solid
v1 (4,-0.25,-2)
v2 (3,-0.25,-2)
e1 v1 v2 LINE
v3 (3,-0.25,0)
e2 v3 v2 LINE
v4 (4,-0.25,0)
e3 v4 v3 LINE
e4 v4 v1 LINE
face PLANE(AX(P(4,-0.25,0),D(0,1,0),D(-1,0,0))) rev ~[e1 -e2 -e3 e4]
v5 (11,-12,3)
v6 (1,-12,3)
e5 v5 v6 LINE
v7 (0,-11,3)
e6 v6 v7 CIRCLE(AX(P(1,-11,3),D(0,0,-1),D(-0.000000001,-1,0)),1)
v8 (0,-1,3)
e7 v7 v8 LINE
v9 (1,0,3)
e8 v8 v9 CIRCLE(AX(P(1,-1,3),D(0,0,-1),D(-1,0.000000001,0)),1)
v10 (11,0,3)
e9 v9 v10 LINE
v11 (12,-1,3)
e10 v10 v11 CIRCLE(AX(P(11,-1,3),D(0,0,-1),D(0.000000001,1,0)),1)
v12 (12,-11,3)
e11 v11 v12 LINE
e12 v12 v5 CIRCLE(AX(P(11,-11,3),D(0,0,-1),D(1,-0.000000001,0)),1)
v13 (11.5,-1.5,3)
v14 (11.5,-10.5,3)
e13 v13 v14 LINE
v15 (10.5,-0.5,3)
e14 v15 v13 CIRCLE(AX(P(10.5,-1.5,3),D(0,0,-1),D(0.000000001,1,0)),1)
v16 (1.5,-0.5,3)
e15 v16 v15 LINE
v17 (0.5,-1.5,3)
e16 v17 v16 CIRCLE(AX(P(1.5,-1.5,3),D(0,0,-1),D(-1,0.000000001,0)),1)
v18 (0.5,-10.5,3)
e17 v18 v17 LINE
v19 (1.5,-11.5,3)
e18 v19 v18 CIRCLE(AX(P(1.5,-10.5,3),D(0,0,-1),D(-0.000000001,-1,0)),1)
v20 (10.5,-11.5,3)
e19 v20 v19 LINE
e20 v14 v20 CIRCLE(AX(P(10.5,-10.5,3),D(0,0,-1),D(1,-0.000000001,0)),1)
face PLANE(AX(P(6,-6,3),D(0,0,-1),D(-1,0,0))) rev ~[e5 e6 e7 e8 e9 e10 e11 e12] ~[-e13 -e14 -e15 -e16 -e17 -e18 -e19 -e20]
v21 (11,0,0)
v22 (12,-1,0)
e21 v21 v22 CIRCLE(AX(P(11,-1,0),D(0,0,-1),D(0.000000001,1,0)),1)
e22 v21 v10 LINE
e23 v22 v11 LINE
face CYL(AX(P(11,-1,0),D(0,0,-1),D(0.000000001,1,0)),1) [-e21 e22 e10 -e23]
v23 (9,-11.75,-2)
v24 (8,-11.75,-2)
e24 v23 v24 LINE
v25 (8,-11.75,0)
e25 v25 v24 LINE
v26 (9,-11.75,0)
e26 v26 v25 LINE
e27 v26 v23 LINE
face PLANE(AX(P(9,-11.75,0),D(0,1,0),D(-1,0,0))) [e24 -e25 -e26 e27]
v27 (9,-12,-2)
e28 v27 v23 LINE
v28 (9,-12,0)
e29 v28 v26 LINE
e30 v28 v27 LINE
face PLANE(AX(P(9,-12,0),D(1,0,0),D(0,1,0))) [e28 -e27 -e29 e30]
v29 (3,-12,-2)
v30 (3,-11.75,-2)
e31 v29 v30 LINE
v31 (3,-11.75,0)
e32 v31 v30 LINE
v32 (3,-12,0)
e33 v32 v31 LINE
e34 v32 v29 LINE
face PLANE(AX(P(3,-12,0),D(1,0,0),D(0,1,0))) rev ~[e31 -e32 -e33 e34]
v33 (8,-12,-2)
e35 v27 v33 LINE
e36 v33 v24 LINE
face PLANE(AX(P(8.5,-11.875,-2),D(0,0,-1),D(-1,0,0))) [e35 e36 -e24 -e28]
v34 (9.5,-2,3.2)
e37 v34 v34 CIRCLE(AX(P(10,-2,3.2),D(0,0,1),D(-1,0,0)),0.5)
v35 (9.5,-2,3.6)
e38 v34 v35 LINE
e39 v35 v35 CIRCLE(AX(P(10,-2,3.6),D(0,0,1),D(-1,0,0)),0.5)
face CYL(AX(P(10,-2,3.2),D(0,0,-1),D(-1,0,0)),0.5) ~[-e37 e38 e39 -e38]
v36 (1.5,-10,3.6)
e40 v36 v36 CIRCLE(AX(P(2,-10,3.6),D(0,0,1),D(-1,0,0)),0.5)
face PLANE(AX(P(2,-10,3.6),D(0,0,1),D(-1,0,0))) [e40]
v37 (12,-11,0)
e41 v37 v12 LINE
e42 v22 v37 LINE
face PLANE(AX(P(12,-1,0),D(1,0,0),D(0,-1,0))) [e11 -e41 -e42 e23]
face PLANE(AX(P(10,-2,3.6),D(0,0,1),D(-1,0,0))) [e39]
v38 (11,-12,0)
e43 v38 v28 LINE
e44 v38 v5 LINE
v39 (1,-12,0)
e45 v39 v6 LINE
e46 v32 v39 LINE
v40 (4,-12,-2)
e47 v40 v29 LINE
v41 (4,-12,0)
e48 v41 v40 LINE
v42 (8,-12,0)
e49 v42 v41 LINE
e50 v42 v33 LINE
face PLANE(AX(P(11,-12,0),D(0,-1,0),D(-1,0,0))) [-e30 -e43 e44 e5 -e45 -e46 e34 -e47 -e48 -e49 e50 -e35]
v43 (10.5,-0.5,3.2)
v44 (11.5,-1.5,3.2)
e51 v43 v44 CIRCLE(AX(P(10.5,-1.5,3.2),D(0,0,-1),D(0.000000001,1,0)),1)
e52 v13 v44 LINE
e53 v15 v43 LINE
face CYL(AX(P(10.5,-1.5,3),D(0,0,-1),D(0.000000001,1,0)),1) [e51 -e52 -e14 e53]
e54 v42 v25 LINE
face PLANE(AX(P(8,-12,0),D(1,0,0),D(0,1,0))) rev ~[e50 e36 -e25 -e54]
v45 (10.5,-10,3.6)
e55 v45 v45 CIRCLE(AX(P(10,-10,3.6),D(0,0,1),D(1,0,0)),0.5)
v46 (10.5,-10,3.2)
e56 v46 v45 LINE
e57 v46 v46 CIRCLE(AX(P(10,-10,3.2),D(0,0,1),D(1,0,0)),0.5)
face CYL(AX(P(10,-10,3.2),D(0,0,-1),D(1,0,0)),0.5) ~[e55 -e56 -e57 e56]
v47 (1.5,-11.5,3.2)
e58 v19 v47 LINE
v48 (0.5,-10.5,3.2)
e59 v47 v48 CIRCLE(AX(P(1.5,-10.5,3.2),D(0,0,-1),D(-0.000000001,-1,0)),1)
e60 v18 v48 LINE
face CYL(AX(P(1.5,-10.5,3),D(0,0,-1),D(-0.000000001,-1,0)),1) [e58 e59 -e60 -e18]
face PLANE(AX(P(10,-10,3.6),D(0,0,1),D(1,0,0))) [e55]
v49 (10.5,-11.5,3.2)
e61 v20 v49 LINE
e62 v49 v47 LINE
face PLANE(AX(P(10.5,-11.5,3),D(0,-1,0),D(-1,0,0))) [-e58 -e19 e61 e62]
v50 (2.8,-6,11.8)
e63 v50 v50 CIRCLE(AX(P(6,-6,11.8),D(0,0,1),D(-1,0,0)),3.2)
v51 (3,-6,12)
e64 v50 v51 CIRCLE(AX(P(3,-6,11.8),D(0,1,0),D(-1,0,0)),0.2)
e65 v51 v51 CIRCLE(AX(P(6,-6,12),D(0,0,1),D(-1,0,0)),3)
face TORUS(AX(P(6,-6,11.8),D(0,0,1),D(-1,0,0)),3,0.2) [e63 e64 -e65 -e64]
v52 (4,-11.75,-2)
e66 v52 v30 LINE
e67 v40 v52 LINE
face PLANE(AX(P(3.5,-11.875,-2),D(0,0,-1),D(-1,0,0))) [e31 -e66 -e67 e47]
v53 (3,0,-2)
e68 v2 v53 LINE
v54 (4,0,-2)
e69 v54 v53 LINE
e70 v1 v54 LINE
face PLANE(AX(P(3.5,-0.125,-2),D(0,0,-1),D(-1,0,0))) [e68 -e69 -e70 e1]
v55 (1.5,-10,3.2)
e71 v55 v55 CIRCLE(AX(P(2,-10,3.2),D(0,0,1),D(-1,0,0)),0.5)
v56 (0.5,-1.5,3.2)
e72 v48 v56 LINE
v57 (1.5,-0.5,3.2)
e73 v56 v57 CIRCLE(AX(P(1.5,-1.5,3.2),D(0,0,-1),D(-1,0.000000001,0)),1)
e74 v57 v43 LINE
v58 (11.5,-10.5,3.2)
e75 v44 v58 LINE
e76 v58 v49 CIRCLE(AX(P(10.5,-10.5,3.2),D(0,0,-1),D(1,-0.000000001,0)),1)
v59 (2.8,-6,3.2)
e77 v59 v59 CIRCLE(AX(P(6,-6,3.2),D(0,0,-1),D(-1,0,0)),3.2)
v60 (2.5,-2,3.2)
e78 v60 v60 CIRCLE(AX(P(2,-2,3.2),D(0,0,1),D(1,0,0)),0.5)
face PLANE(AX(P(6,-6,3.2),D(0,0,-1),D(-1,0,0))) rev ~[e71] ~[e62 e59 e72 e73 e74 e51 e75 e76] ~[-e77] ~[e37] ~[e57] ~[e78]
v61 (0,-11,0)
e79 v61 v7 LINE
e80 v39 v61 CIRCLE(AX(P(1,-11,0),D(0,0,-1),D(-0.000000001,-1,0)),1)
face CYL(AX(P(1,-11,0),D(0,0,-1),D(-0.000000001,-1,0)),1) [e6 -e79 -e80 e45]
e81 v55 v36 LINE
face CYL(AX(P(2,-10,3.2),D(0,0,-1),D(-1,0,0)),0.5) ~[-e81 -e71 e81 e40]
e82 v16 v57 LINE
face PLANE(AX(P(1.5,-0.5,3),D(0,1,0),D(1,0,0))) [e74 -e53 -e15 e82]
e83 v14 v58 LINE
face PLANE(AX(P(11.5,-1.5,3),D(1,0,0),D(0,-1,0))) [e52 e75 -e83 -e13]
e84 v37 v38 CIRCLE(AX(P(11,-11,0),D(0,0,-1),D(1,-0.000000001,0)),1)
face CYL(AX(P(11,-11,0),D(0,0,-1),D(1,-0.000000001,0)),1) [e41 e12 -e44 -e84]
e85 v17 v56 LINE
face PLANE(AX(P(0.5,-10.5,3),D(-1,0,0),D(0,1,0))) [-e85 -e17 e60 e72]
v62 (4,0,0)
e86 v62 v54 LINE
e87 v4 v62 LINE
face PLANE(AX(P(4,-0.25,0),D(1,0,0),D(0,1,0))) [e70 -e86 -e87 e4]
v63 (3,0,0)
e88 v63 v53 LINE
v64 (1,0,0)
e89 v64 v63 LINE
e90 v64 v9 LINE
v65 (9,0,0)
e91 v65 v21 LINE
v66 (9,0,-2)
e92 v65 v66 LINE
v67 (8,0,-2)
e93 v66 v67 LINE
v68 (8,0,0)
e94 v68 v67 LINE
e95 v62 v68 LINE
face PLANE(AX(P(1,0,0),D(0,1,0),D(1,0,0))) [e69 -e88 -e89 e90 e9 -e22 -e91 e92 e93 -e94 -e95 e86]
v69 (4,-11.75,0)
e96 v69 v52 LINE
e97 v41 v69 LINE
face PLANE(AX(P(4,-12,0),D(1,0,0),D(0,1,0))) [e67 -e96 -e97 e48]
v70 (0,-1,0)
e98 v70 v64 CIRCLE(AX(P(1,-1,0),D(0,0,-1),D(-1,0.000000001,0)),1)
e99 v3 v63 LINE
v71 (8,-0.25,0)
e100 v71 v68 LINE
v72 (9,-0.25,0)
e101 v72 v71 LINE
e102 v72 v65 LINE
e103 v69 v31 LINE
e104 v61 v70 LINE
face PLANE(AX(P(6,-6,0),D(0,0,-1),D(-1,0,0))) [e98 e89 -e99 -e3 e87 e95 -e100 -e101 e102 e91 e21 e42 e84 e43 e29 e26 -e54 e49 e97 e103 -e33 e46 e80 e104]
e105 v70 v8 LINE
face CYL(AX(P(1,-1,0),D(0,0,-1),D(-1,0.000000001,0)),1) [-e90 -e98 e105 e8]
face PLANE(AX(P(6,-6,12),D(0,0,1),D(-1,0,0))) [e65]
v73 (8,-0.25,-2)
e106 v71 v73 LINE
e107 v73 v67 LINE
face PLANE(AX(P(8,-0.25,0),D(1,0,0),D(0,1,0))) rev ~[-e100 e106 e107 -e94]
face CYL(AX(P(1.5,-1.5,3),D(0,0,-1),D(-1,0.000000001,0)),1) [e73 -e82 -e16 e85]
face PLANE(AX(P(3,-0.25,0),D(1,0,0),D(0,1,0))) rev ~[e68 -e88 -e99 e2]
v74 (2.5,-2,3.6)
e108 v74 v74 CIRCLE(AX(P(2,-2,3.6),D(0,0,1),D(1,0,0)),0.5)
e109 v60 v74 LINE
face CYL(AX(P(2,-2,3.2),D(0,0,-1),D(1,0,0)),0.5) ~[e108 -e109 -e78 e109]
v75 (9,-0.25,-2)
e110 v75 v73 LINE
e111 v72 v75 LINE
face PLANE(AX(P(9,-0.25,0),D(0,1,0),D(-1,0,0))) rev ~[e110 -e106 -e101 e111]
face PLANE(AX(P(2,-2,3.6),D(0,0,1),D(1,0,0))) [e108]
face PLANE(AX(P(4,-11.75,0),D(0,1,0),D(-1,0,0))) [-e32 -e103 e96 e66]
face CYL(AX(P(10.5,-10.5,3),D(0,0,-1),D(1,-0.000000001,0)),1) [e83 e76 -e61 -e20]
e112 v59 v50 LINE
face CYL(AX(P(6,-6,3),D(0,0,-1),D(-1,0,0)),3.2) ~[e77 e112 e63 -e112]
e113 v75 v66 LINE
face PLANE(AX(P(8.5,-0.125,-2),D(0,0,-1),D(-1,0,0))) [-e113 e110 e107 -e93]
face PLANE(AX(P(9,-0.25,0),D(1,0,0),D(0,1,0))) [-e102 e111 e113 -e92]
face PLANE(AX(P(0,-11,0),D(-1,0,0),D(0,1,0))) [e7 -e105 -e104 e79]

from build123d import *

# Parameters (mm, degrees)
EXTRUDE_1_DEPTH = 3
SKETCH_2_R      = 3.2
EXTRUDE_2_DEPTH = 9
FILLET_1_R      = 0.2
EXTRUDE_3_DEPTH = 0.2
SKETCH_4_R      = 0.5
EXTRUDE_4_DEPTH = 0.4
SKETCH_5_W      = 1
SKETCH_5_H      = 0.25
EXTRUDE_5_DEPTH = 2


with BuildPart() as part:
    # 草图1 → 凸台-拉伸1 (new body)
    with BuildSketch(Plane.XY):
        with BuildLine():
            Line((1, 0), (11, 0))
            ThreePointArc((11, 0), (11.707106781, -0.292893219), (12, -1))
            Line((12, -1), (12, -11))
            ThreePointArc((12, -11), (11.707106781, -11.707106781), (11, -12))
            Line((11, -12), (1, -12))
            ThreePointArc((1, -12), (0.292893219, -11.707106781), (0, -11))
            Line((0, -11), (0, -1))
            ThreePointArc((0, -1), (0.292893219, -0.292893219), (1, 0))
        make_face()
    extrude(amount=EXTRUDE_1_DEPTH)

    # 草图2 → 凸台-拉伸2 (add)
    with BuildSketch(Plane.XY.offset(3)):
        with Locations(Location((6, -6, 0), (0, 0, 180))):
            Circle(SKETCH_2_R)
    extrude(amount=EXTRUDE_2_DEPTH)

    # 圆角1
    fillet_1_edges = [part.edges().sort_by_distance(p)[0] for p in [
        (9.2, -6, 12),
    ]]
    fillet(fillet_1_edges, radius=FILLET_1_R)

    # 草图3 → 凸台-拉伸3 (add)
    with BuildSketch(Plane.XY.offset(3)):
        with BuildLine():
            Line((1.5, -0.5), (10.5, -0.5))
            ThreePointArc((10.5, -0.5), (11.207106781, -0.792893219), (11.5, -1.5))
            Line((11.5, -1.5), (11.5, -10.5))
            ThreePointArc((11.5, -10.5), (11.207106781, -11.207106781), (10.5, -11.5))
            Line((10.5, -11.5), (1.5, -11.5))
            ThreePointArc((1.5, -11.5), (0.792893219, -11.207106781), (0.5, -10.5))
            Line((0.5, -10.5), (0.5, -1.5))
            ThreePointArc((0.5, -1.5), (0.792893219, -0.792893219), (1.5, -0.5))
        make_face()
    extrude(amount=EXTRUDE_3_DEPTH)

    # 草图4 → 凸台-拉伸4 (add)
    with BuildSketch(Plane.XY.offset(3.2)):
        with Locations((2, -2)):
            Circle(SKETCH_4_R)
        with Locations(Location((10, -2, 0), (0, 0, 180))):
            Circle(SKETCH_4_R)
        with Locations((10, -10)):
            Circle(SKETCH_4_R)
        with Locations(Location((2, -10, 0), (0, 0, 180))):
            Circle(SKETCH_4_R)
    extrude(amount=EXTRUDE_4_DEPTH)

    # 草图5 → 凸台-拉伸5 (add)
    with BuildSketch(Plane(origin=(0, 0, 0), x_dir=(-1, 0, 0), z_dir=(0, 0, -1))):
        with Locations((-3.5, -11.875)):
            Rectangle(SKETCH_5_W, SKETCH_5_H)
        with Locations((-8.5, -11.875)):
            Rectangle(SKETCH_5_W, SKETCH_5_H)
        with Locations((-8.5, -0.125)):
            Rectangle(SKETCH_5_W, SKETCH_5_H)
        with Locations((-3.5, -0.125)):
            Rectangle(SKETCH_5_W, SKETCH_5_H)
    extrude(amount=EXTRUDE_5_DEPTH)


solid = part.part
